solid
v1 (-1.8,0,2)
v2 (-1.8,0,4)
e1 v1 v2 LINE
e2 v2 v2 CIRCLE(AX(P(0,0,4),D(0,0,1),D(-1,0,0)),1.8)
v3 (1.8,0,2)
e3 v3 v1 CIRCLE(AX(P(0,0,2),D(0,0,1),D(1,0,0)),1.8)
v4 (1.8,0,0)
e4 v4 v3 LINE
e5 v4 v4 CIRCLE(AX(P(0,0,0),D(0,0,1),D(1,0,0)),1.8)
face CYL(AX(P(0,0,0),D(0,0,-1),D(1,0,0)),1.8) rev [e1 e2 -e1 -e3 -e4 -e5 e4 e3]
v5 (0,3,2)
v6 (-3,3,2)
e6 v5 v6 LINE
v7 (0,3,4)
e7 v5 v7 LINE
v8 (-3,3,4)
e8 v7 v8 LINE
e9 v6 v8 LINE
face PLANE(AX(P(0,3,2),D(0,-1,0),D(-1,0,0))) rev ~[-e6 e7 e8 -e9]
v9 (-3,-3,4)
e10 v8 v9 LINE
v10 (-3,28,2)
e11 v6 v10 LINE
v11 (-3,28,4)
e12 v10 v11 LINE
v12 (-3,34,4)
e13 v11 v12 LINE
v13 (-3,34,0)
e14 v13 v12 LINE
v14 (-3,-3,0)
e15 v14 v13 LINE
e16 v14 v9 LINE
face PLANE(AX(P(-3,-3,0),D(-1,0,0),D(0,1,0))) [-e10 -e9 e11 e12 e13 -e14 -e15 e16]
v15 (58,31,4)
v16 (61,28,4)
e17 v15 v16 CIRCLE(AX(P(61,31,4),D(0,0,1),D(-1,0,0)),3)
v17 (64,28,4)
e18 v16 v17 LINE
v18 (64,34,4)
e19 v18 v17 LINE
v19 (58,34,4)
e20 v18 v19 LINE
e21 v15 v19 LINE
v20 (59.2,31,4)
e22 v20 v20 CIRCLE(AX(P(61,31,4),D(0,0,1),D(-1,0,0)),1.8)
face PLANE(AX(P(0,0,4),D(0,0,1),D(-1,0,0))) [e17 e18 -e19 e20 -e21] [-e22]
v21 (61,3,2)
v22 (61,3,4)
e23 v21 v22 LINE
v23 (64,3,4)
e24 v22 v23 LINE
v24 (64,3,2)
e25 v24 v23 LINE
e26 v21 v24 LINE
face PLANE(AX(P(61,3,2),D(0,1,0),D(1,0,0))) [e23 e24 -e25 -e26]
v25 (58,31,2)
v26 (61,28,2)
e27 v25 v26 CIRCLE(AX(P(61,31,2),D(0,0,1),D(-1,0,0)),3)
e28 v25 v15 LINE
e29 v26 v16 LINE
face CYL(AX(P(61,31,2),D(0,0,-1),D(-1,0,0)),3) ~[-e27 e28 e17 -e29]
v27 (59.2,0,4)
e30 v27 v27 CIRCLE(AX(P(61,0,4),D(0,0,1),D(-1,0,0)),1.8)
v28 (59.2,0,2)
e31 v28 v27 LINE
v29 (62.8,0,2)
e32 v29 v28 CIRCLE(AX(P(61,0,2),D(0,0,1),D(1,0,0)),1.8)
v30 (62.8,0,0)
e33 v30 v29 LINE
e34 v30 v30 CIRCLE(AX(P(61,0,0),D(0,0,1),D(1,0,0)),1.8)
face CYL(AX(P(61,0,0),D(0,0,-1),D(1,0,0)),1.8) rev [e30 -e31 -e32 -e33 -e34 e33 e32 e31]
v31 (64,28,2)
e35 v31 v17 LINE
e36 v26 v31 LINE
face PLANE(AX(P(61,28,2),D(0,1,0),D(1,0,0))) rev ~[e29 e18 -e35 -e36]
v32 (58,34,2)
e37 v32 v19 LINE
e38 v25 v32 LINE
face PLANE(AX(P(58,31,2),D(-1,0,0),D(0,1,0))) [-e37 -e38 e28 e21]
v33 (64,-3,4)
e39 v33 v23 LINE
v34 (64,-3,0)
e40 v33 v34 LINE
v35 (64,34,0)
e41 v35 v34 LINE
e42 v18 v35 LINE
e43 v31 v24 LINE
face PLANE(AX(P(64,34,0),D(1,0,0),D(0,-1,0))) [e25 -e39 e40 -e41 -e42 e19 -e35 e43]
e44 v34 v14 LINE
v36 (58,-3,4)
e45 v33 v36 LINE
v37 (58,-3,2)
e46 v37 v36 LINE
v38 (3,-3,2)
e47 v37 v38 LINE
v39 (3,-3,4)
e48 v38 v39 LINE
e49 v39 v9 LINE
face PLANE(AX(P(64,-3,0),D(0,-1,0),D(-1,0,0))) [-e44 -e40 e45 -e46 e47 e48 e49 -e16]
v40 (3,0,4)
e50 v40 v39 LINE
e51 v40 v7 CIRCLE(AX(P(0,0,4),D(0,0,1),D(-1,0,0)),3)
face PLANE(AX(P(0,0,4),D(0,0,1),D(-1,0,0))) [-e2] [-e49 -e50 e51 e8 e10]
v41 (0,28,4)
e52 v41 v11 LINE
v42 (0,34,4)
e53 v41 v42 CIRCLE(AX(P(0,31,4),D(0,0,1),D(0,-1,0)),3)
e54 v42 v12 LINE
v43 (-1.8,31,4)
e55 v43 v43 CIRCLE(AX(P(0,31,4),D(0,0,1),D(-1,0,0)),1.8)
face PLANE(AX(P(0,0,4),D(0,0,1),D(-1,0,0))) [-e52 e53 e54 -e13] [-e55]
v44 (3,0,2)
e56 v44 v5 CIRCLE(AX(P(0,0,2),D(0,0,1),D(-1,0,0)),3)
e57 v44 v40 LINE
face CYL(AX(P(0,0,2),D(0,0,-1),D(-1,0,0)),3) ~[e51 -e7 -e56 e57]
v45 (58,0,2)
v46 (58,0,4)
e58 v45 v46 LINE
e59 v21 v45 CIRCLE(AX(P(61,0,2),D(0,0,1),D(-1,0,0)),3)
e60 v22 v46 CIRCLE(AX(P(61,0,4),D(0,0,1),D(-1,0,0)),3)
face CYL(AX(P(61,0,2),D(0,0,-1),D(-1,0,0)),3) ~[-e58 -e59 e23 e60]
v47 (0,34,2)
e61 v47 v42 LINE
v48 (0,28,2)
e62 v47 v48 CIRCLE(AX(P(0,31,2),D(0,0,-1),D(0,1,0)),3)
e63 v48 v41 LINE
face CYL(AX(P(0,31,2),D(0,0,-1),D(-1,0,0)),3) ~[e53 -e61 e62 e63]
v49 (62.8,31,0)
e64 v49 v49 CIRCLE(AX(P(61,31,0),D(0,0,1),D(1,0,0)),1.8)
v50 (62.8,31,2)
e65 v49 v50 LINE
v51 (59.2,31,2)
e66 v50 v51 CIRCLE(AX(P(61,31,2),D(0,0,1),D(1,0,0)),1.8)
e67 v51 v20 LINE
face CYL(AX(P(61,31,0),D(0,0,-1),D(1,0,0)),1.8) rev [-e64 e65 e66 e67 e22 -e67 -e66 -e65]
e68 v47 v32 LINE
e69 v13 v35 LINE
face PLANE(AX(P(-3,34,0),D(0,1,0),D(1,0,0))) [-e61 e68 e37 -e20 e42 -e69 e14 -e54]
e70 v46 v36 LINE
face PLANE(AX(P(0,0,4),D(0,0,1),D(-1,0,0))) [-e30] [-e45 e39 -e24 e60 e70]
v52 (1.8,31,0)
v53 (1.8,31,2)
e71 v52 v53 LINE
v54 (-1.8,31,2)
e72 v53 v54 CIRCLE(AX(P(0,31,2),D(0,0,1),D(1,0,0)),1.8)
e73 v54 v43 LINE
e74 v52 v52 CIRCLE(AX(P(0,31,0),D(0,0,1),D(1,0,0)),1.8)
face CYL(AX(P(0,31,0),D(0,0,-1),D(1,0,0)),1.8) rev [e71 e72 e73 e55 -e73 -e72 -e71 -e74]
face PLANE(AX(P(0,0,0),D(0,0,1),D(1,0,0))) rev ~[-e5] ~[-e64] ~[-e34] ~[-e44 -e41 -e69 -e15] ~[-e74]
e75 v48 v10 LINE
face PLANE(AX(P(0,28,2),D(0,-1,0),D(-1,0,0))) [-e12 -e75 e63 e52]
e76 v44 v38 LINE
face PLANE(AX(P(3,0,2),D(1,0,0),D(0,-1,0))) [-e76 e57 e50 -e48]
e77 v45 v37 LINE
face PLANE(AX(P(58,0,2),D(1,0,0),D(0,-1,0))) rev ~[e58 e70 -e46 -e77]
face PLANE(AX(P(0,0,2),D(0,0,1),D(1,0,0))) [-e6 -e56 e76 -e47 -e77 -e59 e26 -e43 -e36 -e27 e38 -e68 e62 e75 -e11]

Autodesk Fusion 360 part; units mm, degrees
sketch "Sketch1" plane through (0, 0, 0) normal (0, 0, 1) x (1, 0, 0)
  circle A0 centre (0, 0) radius 1.8
  circle A1 centre (61, 0) radius 1.8
  circle A2 centre (0, 31) radius 1.8
  circle A3 centre (61, 31) radius 1.8
  line L0 (-3, 34) -> (64, 34)
  line L1 (64, 34) -> (64, -3)
  line L2 (64, -3) -> (-3, -3)
  line L3 (-3, -3) -> (-3, 34)
  dimension "d3" = 61
  dimension "d4" = 31
  dimension "d5" = 3.6
  dimension "d6" = 3
  dimension "d7" = 3
  dimension "d8" = 3
  dimension "d9" = 3
extrude "Extrude1" add sketch "Sketch1" along normal blind 2
sketch "Sketch2" plane through (0, 0, 2) normal (0, 0, 1) x (-1, 0, 0)
  circle A0 centre (0, 0) radius 1.8
  circle A1 centre (-61, 0) radius 1.8
  circle A2 centre (-61, -31) radius 1.8
  circle A3 centre (0, -31) radius 1.8
  line L0 (3, 3) -> (-64, 3)
  line L1 (-64, 3) -> (-64, -34)
  line L2 (-64, -34) -> (3, -34)
  line L3 (3, -34) -> (3, 3)
  circle A4 centre (0, -31) radius 3
  line L4 (-3, -31) -> (-3, -34)
  line L5 (0, -28) -> (3, -28)
  circle A5 centre (-61, -31) radius 3
  line L6 (-61, -28) -> (-64, -28)
  line L7 (-58, -31) -> (-58, -34)
  circle A6 centre (-61, 0) radius 3
  line L8 (-58, 0) -> (-58, 3)
  line L9 (-61, -3) -> (-64, -3)
  circle A7 centre (0, 0) radius 3
  line L10 (-3, 0) -> (-3, 3)
  line L11 (0, -3) -> (3, -3)
extrude "Extrude2" add sketch "Sketch2" along normal blind 2 contours L0 A7 L10 | L0 A6 L8 | L0 L3 A7 | A7 | L0 L1 A6 | A6 | L3 A7 L11 | L1 A6 L9 | L3 A4 L5 | L1 A5 L6 | A4 | L2 L3 A4 | L1 L2 A5 | A5 | L2 A5 L7
equation "d7 = d6"
equation "d8 = d6"
equation "d9 = d6"
